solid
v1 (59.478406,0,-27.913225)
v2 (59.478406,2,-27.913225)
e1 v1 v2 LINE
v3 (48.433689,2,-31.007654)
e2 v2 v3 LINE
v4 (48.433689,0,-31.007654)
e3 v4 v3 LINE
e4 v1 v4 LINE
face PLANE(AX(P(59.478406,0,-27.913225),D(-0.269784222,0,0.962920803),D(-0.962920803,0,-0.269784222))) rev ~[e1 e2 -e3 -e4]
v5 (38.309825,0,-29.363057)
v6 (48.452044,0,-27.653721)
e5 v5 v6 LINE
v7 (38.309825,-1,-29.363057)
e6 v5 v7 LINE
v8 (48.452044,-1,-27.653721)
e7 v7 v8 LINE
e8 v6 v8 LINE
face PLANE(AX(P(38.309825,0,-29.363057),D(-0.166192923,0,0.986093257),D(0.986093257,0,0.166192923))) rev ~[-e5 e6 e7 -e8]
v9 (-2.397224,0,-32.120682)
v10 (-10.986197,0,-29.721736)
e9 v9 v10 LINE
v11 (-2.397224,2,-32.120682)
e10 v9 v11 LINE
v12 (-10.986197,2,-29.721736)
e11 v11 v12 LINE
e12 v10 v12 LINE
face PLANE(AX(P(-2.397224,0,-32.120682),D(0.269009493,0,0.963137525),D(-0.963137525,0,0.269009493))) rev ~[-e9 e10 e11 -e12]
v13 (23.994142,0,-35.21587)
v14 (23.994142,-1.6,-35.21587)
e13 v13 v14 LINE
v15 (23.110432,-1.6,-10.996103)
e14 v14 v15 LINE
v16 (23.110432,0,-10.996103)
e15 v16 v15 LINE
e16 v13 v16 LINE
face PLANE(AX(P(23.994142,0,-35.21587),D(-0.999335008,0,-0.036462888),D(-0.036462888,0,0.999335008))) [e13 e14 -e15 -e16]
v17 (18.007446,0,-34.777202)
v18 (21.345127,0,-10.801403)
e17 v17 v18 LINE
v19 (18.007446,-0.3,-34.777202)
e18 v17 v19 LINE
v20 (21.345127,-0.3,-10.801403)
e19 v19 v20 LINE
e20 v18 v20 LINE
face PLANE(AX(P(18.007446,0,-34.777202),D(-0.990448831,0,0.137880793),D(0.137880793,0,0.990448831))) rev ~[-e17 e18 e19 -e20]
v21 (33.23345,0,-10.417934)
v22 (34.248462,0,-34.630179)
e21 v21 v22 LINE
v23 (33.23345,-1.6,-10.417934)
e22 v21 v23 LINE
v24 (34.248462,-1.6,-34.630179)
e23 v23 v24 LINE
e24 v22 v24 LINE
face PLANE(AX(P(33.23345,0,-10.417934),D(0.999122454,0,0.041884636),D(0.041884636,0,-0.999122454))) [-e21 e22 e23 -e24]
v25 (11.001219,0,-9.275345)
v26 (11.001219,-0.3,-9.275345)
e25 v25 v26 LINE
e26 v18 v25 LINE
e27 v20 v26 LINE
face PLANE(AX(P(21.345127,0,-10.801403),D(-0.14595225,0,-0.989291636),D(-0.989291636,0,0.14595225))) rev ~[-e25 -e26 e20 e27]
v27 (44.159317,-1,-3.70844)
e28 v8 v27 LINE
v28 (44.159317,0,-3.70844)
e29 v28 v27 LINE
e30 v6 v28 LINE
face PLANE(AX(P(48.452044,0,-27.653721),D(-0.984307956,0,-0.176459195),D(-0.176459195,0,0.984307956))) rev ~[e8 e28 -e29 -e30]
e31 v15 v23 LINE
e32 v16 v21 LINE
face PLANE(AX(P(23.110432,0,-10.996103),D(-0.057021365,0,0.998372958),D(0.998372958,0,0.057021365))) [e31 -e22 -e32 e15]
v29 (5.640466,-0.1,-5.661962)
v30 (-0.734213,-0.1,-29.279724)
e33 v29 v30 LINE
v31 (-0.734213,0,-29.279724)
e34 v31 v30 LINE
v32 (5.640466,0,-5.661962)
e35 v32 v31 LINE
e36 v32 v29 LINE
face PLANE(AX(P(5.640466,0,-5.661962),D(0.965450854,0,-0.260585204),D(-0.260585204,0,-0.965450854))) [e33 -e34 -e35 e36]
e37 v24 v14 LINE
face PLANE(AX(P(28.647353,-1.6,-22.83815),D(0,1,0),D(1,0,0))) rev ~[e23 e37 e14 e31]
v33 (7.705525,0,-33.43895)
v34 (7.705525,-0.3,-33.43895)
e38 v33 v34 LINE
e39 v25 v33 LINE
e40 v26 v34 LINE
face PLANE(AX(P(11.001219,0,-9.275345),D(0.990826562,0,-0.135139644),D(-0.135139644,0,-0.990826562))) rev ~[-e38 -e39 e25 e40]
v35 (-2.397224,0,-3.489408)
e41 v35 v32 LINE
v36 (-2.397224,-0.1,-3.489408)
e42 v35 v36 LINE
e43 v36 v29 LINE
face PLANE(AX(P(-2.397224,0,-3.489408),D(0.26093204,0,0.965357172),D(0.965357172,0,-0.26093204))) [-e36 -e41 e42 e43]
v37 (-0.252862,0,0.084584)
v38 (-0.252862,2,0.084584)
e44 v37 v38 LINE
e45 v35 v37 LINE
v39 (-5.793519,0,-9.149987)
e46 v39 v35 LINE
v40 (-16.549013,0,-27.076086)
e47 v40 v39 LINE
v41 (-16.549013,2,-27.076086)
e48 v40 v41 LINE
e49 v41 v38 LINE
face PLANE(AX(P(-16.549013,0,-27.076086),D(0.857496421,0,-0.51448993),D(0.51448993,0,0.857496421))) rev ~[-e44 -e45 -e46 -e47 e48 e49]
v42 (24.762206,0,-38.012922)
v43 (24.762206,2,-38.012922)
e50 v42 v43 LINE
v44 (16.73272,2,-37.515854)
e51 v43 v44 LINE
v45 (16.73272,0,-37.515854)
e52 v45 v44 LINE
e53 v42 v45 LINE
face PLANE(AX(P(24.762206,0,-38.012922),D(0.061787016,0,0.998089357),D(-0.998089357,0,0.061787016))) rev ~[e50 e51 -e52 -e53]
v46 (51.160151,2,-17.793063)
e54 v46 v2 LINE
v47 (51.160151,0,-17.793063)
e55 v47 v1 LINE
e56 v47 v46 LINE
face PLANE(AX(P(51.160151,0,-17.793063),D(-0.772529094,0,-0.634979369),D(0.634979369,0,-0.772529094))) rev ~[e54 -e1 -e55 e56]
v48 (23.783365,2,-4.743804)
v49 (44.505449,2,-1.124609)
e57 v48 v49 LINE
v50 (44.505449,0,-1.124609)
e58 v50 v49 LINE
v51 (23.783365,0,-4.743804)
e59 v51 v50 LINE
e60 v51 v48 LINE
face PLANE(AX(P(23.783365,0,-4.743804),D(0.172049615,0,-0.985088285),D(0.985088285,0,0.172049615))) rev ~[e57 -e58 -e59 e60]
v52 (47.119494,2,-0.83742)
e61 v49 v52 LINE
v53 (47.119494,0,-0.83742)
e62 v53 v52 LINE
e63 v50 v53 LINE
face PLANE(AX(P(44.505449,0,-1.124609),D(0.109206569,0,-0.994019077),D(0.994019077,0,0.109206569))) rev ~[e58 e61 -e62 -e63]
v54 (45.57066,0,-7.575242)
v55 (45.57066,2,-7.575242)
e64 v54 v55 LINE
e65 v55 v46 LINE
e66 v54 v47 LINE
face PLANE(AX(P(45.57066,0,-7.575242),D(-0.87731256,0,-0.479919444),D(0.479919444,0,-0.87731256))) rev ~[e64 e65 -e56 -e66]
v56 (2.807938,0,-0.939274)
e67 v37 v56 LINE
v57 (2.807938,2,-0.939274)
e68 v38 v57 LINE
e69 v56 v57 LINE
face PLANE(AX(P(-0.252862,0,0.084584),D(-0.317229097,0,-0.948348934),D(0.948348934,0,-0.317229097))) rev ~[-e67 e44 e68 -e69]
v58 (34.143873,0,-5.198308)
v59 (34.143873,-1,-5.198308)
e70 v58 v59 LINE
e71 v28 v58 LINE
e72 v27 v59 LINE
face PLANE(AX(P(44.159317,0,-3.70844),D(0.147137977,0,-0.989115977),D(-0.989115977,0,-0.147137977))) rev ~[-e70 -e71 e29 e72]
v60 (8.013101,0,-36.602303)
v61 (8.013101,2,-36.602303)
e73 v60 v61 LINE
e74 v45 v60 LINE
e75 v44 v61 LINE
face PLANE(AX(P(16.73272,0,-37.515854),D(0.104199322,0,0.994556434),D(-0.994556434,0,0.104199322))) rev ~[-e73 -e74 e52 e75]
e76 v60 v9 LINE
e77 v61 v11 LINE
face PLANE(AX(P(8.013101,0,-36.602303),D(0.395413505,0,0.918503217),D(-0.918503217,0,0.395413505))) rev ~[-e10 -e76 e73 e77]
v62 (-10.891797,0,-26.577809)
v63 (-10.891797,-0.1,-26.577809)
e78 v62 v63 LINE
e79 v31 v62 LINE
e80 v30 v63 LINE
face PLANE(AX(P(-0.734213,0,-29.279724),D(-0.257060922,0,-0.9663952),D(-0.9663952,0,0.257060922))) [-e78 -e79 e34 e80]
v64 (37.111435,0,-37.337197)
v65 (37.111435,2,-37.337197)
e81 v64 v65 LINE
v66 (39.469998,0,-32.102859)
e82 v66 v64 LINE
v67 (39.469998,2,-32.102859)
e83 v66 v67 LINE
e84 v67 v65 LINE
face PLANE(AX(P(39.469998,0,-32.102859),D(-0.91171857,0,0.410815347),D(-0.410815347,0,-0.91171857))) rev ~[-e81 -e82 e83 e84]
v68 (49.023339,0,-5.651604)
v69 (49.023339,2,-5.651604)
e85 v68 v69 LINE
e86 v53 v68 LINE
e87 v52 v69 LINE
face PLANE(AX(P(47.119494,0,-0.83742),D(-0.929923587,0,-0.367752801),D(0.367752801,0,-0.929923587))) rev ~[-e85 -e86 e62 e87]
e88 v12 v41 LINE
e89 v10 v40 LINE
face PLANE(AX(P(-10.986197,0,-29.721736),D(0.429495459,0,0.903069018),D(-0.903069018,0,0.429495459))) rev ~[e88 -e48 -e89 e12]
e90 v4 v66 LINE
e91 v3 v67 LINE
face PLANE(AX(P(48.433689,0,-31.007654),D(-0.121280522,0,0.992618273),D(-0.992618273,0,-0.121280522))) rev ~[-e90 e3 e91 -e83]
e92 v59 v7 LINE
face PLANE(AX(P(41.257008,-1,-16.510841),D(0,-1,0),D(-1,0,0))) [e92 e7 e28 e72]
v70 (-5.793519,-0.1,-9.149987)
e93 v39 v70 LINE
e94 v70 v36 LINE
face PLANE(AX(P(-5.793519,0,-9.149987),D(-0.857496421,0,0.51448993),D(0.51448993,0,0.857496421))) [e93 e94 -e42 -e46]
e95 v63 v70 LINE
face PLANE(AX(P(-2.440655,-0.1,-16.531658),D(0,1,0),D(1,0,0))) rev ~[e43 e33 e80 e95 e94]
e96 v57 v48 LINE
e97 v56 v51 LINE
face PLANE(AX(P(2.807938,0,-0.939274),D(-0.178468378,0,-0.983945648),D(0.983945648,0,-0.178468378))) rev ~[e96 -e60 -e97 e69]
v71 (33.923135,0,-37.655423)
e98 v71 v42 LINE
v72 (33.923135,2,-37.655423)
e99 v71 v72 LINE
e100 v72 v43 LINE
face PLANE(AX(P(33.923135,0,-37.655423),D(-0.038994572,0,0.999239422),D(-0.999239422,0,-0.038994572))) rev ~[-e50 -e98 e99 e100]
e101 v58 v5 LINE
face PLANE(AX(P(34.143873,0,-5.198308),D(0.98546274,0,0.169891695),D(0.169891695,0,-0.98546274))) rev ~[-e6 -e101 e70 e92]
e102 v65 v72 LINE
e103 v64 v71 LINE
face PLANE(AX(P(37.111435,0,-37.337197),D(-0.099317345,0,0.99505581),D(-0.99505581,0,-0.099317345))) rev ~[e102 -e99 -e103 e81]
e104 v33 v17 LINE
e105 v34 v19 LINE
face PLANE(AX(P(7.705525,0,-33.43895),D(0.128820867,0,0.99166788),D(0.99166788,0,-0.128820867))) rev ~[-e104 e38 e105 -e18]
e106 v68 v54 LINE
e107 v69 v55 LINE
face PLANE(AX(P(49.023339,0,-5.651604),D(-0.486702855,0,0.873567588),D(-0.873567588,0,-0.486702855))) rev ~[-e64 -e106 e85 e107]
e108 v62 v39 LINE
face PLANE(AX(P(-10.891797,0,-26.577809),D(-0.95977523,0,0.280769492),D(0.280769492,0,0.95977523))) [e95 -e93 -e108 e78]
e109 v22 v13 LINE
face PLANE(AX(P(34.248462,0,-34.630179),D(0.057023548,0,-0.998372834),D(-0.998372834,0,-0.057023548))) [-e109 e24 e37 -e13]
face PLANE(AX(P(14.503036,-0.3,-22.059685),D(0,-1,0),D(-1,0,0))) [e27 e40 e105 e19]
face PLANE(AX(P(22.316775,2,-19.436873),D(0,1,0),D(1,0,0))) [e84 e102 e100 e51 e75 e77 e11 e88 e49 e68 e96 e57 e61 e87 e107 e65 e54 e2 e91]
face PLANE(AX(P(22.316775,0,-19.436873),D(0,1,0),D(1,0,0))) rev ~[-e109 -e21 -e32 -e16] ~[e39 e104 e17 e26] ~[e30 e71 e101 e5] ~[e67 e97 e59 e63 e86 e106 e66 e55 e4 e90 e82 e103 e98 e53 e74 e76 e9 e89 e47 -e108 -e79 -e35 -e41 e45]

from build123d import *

# Parameters (mm, degrees)
BOSS_EXTRUDE1_DEPTH = 0.1
BOSS_EXTRUDE2_DEPTH = 0.3
BOSS_EXTRUDE3_DEPTH = 1.6
BOSS_EXTRUDE4_DEPTH = 1
BOSS_EXTRUDE6_DEPTH = 2


with BuildPart() as part:
    # Sketch1 → Boss-Extrude1 (new body)
    with BuildSketch(Plane(origin=(0, 0, 0), x_dir=(1, 0, 0), z_dir=(0, 1, 0))):
        Polygon((-10.891797249, 26.577808825), (-5.79351947, 9.149986826), (-2.397224373, 3.489407839), (5.640466214, 5.66196227), (-0.734212813, 29.279724171), align=None)
    extrude(amount=-BOSS_EXTRUDE1_DEPTH)



with BuildPart() as body_2:
    # Sketch1<4> → Boss-Extrude2 (new body)
    with BuildSketch(Plane(origin=(0, 0, 0), x_dir=(1, 0, 0), z_dir=(0, 1, 0))):
        Polygon((18.007446345, 34.7772024), (7.705525211, 33.438949507), (11.001219022, 9.275344539), (21.345127352, 10.801402821), align=None)
    extrude(amount=-BOSS_EXTRUDE2_DEPTH)


with BuildPart() as body_3:
    # Sketch1<6> → Boss-Extrude3 (new body)
    with BuildSketch(Plane(origin=(0, 0, 0), x_dir=(1, 0, 0), z_dir=(0, 1, 0))):
        Polygon((34.248462201, 34.6301789), (23.994142325, 35.215869617), (23.110432029, 10.99610324), (33.233450435, 10.417934204), align=None)
    extrude(amount=-BOSS_EXTRUDE3_DEPTH)


with BuildPart() as body_4:
    # Sketch1<7> → Boss-Extrude4 (new body)
    with BuildSketch(Plane(origin=(0, 0, 0), x_dir=(1, 0, 0), z_dir=(0, 1, 0))):
        Polygon((48.452043785, 27.653721075), (38.309825185, 29.363057326), (34.143873473, 5.198308151), (44.159317146, 3.708440275), align=None)
    extrude(amount=-BOSS_EXTRUDE4_DEPTH)


with BuildPart() as part_1:
    add(part.part)

    add(body_2.part)  # Boss-Extrude6 merges body 2

    add(body_3.part)  # Boss-Extrude6 merges body 3

    add(body_4.part)  # Boss-Extrude6 merges body 4
    # Sketch1<9> → Boss-Extrude6 (add)
    with BuildSketch(Plane(origin=(0, 0, 0), x_dir=(1, 0, 0), z_dir=(0, 1, 0))):
        Polygon((-10.986197156, 29.721735633), (-16.549013322, 27.076085928), (-0.25286222, -0.084584113), (2.807938166, 0.939274203), (23.783364855, 4.743803832), (44.5054493, 1.124608783), (47.119494483, 0.837420224), (49.023338551, 5.65160383), (45.570660298, 7.575242468), (51.160151479, 17.793063144), (59.478406067, 27.913224514), (48.433689461, 31.007653737), (39.469998377, 32.102859377), (37.111434986, 37.337196557), (33.923134788, 37.655423442), (24.762205898, 38.01292185), (16.732720281, 37.515854171), (8.013100705, 36.602302747), (-2.397224373, 32.120681941), align=None)
    extrude(amount=BOSS_EXTRUDE6_DEPTH)


solid = part_1.part
